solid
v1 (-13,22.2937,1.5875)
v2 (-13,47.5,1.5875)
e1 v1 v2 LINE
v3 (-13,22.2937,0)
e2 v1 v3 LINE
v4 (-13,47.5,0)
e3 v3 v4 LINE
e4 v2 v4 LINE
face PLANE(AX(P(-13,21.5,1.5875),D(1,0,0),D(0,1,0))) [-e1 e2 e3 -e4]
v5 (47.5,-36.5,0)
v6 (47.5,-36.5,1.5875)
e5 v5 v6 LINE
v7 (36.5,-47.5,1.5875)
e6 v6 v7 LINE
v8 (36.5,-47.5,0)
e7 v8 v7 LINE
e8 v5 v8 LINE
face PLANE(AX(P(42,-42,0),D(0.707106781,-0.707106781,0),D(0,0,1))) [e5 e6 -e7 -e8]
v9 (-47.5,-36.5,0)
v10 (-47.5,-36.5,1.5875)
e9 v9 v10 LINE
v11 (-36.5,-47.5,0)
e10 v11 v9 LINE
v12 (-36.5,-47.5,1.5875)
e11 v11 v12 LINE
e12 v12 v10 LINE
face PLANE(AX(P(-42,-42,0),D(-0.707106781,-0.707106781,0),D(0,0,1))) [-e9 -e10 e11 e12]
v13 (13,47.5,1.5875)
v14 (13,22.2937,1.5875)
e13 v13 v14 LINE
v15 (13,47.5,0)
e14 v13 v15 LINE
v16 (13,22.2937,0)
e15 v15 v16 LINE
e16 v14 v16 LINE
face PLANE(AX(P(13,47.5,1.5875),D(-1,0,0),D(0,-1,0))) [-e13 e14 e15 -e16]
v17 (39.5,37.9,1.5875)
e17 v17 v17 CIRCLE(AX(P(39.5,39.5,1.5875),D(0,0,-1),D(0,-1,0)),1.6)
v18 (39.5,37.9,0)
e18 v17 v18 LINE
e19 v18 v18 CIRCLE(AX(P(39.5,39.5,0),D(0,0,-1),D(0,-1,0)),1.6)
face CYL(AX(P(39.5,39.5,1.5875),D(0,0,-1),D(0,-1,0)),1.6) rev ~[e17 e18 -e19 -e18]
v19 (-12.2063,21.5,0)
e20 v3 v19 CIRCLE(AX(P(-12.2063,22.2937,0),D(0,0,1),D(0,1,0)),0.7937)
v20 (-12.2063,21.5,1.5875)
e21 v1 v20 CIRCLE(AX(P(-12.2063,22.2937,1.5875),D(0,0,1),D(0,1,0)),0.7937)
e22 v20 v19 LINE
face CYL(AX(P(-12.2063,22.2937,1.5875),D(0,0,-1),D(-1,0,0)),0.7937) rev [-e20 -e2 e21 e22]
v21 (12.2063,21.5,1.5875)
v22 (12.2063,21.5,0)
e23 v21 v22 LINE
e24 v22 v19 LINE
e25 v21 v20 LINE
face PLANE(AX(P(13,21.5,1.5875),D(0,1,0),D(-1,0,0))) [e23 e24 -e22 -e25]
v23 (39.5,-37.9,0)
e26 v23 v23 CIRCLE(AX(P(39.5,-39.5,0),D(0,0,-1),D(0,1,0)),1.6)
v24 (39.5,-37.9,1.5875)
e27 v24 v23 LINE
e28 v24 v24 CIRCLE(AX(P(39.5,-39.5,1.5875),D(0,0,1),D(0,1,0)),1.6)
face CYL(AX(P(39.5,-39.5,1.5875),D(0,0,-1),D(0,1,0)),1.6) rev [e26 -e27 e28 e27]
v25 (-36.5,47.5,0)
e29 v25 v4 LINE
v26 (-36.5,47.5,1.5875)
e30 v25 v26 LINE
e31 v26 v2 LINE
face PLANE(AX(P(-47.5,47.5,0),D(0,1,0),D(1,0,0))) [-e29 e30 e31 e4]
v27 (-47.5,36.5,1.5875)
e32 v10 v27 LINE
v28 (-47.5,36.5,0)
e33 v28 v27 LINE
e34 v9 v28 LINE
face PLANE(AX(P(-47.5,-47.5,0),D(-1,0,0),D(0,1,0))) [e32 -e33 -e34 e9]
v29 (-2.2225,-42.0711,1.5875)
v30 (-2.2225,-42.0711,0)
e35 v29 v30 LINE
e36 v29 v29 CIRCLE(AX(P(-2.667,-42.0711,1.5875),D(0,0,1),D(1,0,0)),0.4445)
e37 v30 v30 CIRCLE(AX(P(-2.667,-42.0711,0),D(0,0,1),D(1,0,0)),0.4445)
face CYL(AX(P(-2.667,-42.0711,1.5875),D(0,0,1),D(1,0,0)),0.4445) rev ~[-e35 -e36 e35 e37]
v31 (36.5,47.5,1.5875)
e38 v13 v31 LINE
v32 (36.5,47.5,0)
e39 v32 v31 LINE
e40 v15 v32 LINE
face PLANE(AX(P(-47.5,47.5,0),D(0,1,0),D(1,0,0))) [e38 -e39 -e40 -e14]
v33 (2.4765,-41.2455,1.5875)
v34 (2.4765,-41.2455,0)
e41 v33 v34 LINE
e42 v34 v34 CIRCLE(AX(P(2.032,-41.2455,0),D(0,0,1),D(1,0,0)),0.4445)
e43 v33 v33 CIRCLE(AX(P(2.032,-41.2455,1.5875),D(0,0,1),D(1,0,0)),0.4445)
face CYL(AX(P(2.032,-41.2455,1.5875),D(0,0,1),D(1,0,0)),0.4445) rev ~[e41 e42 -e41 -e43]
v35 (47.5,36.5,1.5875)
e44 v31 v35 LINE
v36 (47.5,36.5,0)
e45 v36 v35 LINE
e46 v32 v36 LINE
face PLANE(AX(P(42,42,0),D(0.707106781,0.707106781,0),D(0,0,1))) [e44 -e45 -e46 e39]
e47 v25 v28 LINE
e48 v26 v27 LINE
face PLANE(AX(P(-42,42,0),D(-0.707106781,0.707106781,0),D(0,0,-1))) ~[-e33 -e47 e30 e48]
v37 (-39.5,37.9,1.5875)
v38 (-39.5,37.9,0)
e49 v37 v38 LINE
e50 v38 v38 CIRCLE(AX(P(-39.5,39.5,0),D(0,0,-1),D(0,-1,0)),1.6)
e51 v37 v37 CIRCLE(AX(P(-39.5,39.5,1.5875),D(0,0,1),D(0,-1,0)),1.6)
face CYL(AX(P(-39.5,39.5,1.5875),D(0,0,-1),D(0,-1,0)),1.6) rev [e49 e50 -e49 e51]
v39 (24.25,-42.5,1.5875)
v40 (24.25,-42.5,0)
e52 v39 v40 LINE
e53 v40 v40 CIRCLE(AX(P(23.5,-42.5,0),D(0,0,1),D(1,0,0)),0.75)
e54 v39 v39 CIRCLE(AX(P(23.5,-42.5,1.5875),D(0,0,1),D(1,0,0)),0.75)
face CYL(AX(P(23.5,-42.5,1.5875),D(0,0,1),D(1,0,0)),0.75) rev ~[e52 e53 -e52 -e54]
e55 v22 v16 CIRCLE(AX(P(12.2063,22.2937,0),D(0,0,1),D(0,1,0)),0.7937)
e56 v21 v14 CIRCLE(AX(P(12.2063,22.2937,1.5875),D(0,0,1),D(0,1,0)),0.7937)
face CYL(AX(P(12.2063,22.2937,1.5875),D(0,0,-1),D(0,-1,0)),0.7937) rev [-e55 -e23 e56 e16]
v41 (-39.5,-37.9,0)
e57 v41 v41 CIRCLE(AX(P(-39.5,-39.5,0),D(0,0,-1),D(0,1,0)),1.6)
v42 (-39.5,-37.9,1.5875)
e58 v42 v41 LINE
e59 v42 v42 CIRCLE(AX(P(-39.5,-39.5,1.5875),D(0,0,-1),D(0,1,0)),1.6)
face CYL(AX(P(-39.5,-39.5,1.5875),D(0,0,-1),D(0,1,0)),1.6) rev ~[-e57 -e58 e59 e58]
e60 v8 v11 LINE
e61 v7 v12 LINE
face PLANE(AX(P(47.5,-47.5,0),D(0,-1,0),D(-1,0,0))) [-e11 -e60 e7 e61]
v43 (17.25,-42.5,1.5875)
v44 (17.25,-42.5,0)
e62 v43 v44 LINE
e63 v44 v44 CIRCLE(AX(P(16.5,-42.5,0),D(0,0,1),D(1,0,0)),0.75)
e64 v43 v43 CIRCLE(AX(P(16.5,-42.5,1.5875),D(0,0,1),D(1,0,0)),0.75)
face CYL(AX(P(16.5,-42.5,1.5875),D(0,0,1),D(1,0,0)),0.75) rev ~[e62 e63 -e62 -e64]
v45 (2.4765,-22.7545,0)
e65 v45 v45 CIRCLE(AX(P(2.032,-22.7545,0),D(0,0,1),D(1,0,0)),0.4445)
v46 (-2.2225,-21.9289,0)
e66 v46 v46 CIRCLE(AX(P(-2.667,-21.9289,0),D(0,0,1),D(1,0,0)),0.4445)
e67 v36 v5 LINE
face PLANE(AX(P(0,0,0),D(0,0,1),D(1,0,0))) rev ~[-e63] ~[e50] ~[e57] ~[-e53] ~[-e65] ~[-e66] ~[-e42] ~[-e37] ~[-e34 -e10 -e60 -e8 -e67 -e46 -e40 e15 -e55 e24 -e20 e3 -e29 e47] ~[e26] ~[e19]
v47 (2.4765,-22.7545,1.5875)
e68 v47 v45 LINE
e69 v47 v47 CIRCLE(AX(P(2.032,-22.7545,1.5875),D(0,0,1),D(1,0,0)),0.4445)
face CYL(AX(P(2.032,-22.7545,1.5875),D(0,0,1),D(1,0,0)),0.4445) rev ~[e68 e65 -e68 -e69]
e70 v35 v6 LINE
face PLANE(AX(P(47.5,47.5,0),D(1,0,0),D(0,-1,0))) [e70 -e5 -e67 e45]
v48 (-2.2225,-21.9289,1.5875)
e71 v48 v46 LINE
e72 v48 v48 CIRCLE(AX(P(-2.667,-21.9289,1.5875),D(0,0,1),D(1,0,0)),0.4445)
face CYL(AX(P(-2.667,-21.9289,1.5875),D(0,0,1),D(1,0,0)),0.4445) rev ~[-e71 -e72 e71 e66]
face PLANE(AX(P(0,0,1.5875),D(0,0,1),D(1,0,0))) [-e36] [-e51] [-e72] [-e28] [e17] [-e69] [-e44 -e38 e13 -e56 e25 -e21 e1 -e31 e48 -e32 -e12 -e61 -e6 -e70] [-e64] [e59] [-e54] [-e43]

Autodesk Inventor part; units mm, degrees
sketch "AL_spacer_contact_Zminus" plane through (0, 0, 0) normal (0, 0, 1) x (1, 0, 0)
  circle A0 centre (39.5, 39.5) radius 3.175
  circle A1 centre (39.5, -39.5) radius 3.175
  circle A2 centre (-39.5, -39.5) radius 3.175
  circle A3 centre (-39.5, 39.5) radius 3.175
  point P0 (0, 0)
  dimension "d228" = 39.5
  dimension "d229" = 39.5
  dimension "d230" = 39.5
  dimension "d231" = 39.5
  dimension "d232" = 39.5
  dimension "d233" = 39.5
  dimension "d234" = 39.5
  dimension "d235" = 39.5
  dimension "d236" = 6.35
sketch "Delrin_stayout_Zminus" plane through (0, 0, 0) normal (0, 0, 1) x (1, 0, 0)
  line L0 (47.5, 39.5) -> (47.5, 31)
  line L1 (47.5, 31) -> (39.5, 31)
  line L2 (39.5, 31) -> (31, 39.5)
  line L3 (31, 39.5) -> (31, 47.5)
  line L4 (31, 47.5) -> (39.5, 47.5)
  line L5 (39.5, 47.5) -> (47.5, 39.5)
  line L6 (-39.5, 47.5) -> (-47.5, 39.5)
  line L7 (-47.5, 39.5) -> (-47.5, 31)
  line L8 (-47.5, 31) -> (-39.5, 31)
  line L9 (-39.5, 31) -> (-31, 39.5)
  line L10 (-31, 39.5) -> (-31, 47.5)
  line L11 (-31, 47.5) -> (-39.5, 47.5)
  line L12 (47.5, -39.5) -> (39.5, -47.5)
  line L13 (39.5, -47.5) -> (31, -47.5)
  line L14 (31, -47.5) -> (31, -39.5)
  line L15 (31, -39.5) -> (39.5, -31)
  line L16 (39.5, -31) -> (47.5, -31)
  line L17 (47.5, -31) -> (47.5, -39.5)
  line L18 (-39.5, -47.5) -> (-47.5, -39.5)
  line L19 (-47.5, -39.5) -> (-47.5, -31)
  line L20 (-47.5, -31) -> (-39.5, -31)
  line L21 (-39.5, -31) -> (-31, -39.5)
  line L22 (-31, -39.5) -> (-31, -47.5)
  line L23 (-31, -47.5) -> (-39.5, -47.5)
  point P0 (0, 0)
  dimension "d243" = 16.5
  dimension "d244" = 8
  dimension "d245" = 8.5
  dimension "d246" = 16.5
  dimension "d247" = 47.5
  dimension "d248" = 47.5
  dimension "d249" = 47.5
  dimension "d250" = 47.5
  dimension "d251" = 47.5
  dimension "d252" = 47.5
  dimension "d253" = 47.5
  dimension "d254" = 47.5
sketch "Nub_stayout_Zminus" plane through (0, 0, 0) normal (0, 0, 1) x (1, 0, 0)
  line L0 (29, 47.5) -> (39.5, 47.5)
  line L1 (39.5, 47.5) -> (47.5, 39.5)
  line L2 (47.5, 39.5) -> (47.5, 29)
  line L3 (47.5, 29) -> (42, 29)
  line L4 (42, 29) -> (42, 40.4125)
  line L5 (40.4125, 42) -> (29, 42)
  line L6 (29, 42) -> (29, 47.5)
  arc A0 (42, 40.4125) -> (40.4125, 42) centre (40.4125, 40.4125) ccw
  line L7 (-29, 47.5) -> (-39.5, 47.5)
  line L8 (-39.5, 47.5) -> (-47.5, 39.5)
  line L9 (-47.5, 39.5) -> (-47.5, 29)
  line L10 (-47.5, 29) -> (-42, 29)
  line L11 (-42, 29) -> (-42, 40.4125)
  line L12 (-40.4125, 42) -> (-29, 42)
  line L13 (-29, 42) -> (-29, 47.5)
  arc A1 (-40.4125, 42) -> (-42, 40.4125) centre (-40.4125, 40.4125) ccw
  line L14 (-47.5, -29) -> (-42, -29)
  line L15 (-42, -29) -> (-42, -40.4125)
  line L16 (-40.4125, -42) -> (-29, -42)
  line L17 (-29, -42) -> (-29, -47.5)
  line L18 (-29, -47.5) -> (-39.5, -47.5)
  line L19 (-39.5, -47.5) -> (-47.5, -39.5)
  line L20 (-47.5, -39.5) -> (-47.5, -29)
  arc A2 (-42, -40.4125) -> (-40.4125, -42) centre (-40.4125, -40.4125) ccw
  line L21 (47.5, -29) -> (42, -29)
  line L22 (42, -29) -> (42, -40.4125)
  line L23 (40.4125, -42) -> (29, -42)
  line L24 (29, -42) -> (29, -47.5)
  line L25 (29, -47.5) -> (39.5, -47.5)
  line L26 (39.5, -47.5) -> (47.5, -39.5)
  line L27 (47.5, -39.5) -> (47.5, -29)
  arc A3 (40.4125, -42) -> (42, -40.4125) centre (40.4125, -40.4125) ccw
  point P0 (0, 0)
  dimension "d255" = 1.5875
  dimension "d256" = 18.5
  dimension "d257" = 8
  dimension "d258" = 5.5
  dimension "d259" = 47.5
  dimension "d260" = 47.5
  dimension "d264" = 1.5875
  dimension "d265" = 47.5
  dimension "d266" = 47.5
  dimension "d267" = 1.5875
  dimension "d268" = 47.5
  dimension "d269" = 47.5
  dimension "d270" = 1.5875
  dimension "d271" = 47.5
  dimension "d272" = 47.5
ref_plane "Zplus_face" through (0, 0, 1.5875) normal (0, 0, 1) x (1, 0, 0)
sketch "AL_spacer_contact_Zplus" plane through (0, 0, 1.5875) normal (0, 0, 1) x (1, 0, 0)
  circle A0 centre (-39.5, 39.5) radius 3.175
  circle A1 centre (-39.5, -39.5) radius 3.175
  circle A2 centre (39.5, -39.5) radius 3.175
  circle A3 centre (39.5, 39.5) radius 3.175
  point P0 (0, 0)
  dimension "d129" = 39.5
  dimension "d130" = 39.5
  dimension "d131" = 39.5
  dimension "d132" = 39.5
  dimension "d133" = 6.35
sketch "Delrin_stayout_Zplus" plane through (0, 0, 1.5875) normal (0, 0, 1) x (1, 0, 0)
  line L0 (47.5, -31) -> (47.5, -39.5)
  line L1 (47.5, -39.5) -> (39.5, -47.5)
  line L2 (39.5, -47.5) -> (31, -47.5)
  line L3 (31, -47.5) -> (31, -39.5)
  line L4 (31, -39.5) -> (39.5, -31)
  line L5 (39.5, -31) -> (47.5, -31)
  line L6 (47.5, 31) -> (47.5, 39.5)
  line L7 (47.5, 39.5) -> (39.5, 47.5)
  line L8 (39.5, 47.5) -> (31, 47.5)
  line L9 (31, 47.5) -> (31, 39.5)
  line L10 (31, 39.5) -> (39.5, 31)
  line L11 (39.5, 31) -> (47.5, 31)
  line L12 (-39.5, 47.5) -> (-47.5, 39.5)
  line L13 (-47.5, 39.5) -> (-47.5, 31)
  line L14 (-47.5, 31) -> (-39.5, 31)
  line L15 (-39.5, 31) -> (-31, 39.5)
  line L16 (-31, 39.5) -> (-31, 47.5)
  line L17 (-31, 47.5) -> (-39.5, 47.5)
  line L18 (-47.5, -39.5) -> (-39.5, -47.5)
  line L19 (-39.5, -47.5) -> (-31, -47.5)
  line L20 (-31, -47.5) -> (-31, -39.5)
  line L21 (-31, -39.5) -> (-39.5, -31)
  line L22 (-39.5, -31) -> (-47.5, -31)
  line L23 (-47.5, -31) -> (-47.5, -39.5)
  point P0 (0, 0)
  dimension "d115" = 16.5
  dimension "d116" = 16.5
  dimension "d117" = 8
  dimension "d118" = 8.5
  dimension "d121" = 47.5
  dimension "d122" = 47.5
  dimension "d123" = 47.5
  dimension "d124" = 47.5
  dimension "d125" = 47.5
  dimension "d126" = 47.5
  dimension "d127" = 47.5
  dimension "d128" = 47.5
sketch "Nub_stayout_Zplus" plane through (0, 0, 1.5875) normal (0, 0, 1) x (1, 0, 0)
  line L0 (47.5, 29) -> (42, 29)
  line L1 (42, 29) -> (42, 40.4125)
  line L2 (40.4125, 42) -> (29, 42)
  line L3 (29, 42) -> (29, 47.5)
  arc A0 (42, 40.4125) -> (40.4125, 42) centre (40.4125, 40.4125) ccw
  line L4 (29, 47.5) -> (39.5, 47.5)
  line L5 (39.5, 47.5) -> (47.5, 39.5)
  line L6 (47.5, 39.5) -> (47.5, 29)
  line L7 (-39.5, 47.5) -> (-29, 47.5)
  line L8 (-29, 47.5) -> (-29, 42)
  line L9 (-29, 42) -> (-40.4125, 42)
  line L10 (-42, 40.4125) -> (-42, 29)
  line L11 (-42, 29) -> (-47.5, 29)
  line L12 (-47.5, 29) -> (-47.5, 39.5)
  line L13 (-47.5, 39.5) -> (-39.5, 47.5)
  arc A1 (-40.4125, 42) -> (-42, 40.4125) centre (-40.4125, 40.4125) ccw
  line L14 (-47.5, -29) -> (-47.5, -39.5)
  line L15 (-47.5, -39.5) -> (-39.5, -47.5)
  line L16 (-39.5, -47.5) -> (-29, -47.5)
  line L17 (-29, -47.5) -> (-29, -42)
  line L18 (-29, -42) -> (-40.4125, -42)
  line L19 (-42, -40.4125) -> (-42, -29)
  line L20 (-42, -29) -> (-47.5, -29)
  arc A2 (-42, -40.4125) -> (-40.4125, -42) centre (-40.4125, -40.4125) ccw
  line L21 (29, -47.5) -> (39.5, -47.5)
  line L22 (39.5, -47.5) -> (47.5, -39.5)
  line L23 (47.5, -39.5) -> (47.5, -29)
  line L24 (47.5, -29) -> (42, -29)
  line L25 (42, -29) -> (42, -40.4125)
  line L26 (40.4125, -42) -> (29, -42)
  line L27 (29, -42) -> (29, -47.5)
  arc A3 (40.4125, -42) -> (42, -40.4125) centre (40.4125, -40.4125) ccw
  point P0 (0, 0)
  dimension "d146" = 1.5875
  dimension "d147" = 5.5
  dimension "d149" = 18.5
  dimension "d150" = 8
  dimension "d151" = 47.5
  dimension "d152" = 47.5
  dimension "d153" = 1.5875
  dimension "d154" = 47.5
  dimension "d155" = 47.5
  dimension "d156" = 1.5875
  dimension "d157" = 47.5
  dimension "d158" = 47.5
  dimension "d159" = 1.5875
  dimension "d160" = 47.5
  dimension "d161" = 47.5
sketch "Sketch1" plane through (0, 0, 0) normal (0, 0, 1) x (1, 0, 0)
  line L0 (-47.5, 47.5) -> (47.5, 47.5)
  line L1 (47.5, 47.5) -> (47.5, -47.5)
  line L2 (47.5, -47.5) -> (-47.5, -47.5)
  line L3 (-47.5, -47.5) -> (-47.5, 47.5)
  point P0 (0, 0)
  dimension "d0" = 95
  dimension "d1" = 95
  dimension "d2" = 47.5
  dimension "d3" = 47.5
extrude "Extrusion1" add sketch "Sketch1" along normal blind 1.5875
chamfer "Chamfer2" distance 11 angle 45 4 edges at (-47.5, -47.5, 0.7937) (47.5, -47.5, 0.7937) (47.5, 47.5, 0.7937) (-47.5, 47.5, 0.7937)
ref_plane "Work Plane_ConnX" through (-32, 0, 0) normal (1, 0, 0) x (0, 1, 0)
ref_plane "Work Plane_ConnY" through (0, 0, 0) normal (0, 1, 0) x (-1, 0, 0)
sketch "Sketch9" plane through (0, 0, 1.5875) normal (0, 0, 1) x (1, 0, 0)
  line L0 (47.5, 47.5) -> (47.5, -47.5) projected
  line L1 (58.5598, -32) -> (-58.5598, -32)
  circle A0 centre (-2.667, -21.9289) radius 0.4445
  circle A1 centre (-2.667, -42.0711) radius 0.4445
  line L2 (0, 26.5598) -> (0, -90.5598) construction
  point P0 (0, 0)
  point P1 (0, -32)
  dimension "d134" = 20.1422
  dimension "d136" = 2.667
  dimension "d138" = 0.889
  dimension "d141" = 180
  dimension "d350" = 32
  dimension "d351" = 0
extrude "Holes_Conn_Zminus" cut sketch "Sketch9" against normal through all
sketch "Sketch22" plane through (0, 0, 1.5875) normal (0, 0, 1) x (1, 0, 0)
  line L0 (47.5, 36.5) -> (47.5, -36.5) projected
  line L1 (0, -1.0026) -> (0, -62.9974) construction
  line L2 (62.8115, -32) -> (-62.8115, -32)
  circle A0 centre (2.032, -22.7545) radius 0.4445
  circle A1 centre (2.032, -41.2455) radius 0.4445
  point P0 (0, 0)
  point P1 (0, -32)
  dimension "d282" = 180
  dimension "d283" = 18.491
  dimension "d284" = 0.889
  dimension "d285" = 2.032
  dimension "d352" = 32
  dimension "d353" = 0
extrude "Holes_Conn_Zplus" cut sketch "Sketch22" against normal through all
hole "Hole5" at (39.5, 39.5, 1.5875) direction (0, 0, -1) diameter 3.2 end through all
mirror "Mirror5" about plane through (0, 0, 0) normal (1, 0, 0) of "Hole5"
mirror "Mirror6" about plane through (0, 0, 0) normal (0, 1, 0) of "Hole5", "Mirror5"
sketch "Sketch25" plane through (0, 0, 1.5875) normal (0, 0, 1) x (1, 0, 0)
  circle A0 centre (-39.5, -39.5) radius 1.6 projected
  circle A1 centre (39.5, -39.5) radius 1.6 projected
  circle A2 centre (-39.5, 39.5) radius 1.6 projected
  circle A3 centre (39.5, 39.5) radius 1.6 projected
  line L0 (36.5, -47.5) -> (-36.5, -47.5) projected
  line L1 (0, 0) -> (0, -59.2198)
  line L2 (8, -47.5) -> (8, -15.5)
  line L3 (8, -15.5) -> (-8, -15.5)
  line L4 (-8, -15.5) -> (-8, -47.5)
  line L5 (-8, -47.5) -> (-62.7516, -61.7336)
  line L6 (-62.7516, -61.7336) -> (-64.2933, 68.2222)
  line L7 (-64.2933, 68.2222) -> (58.3572, 62.5728)
  line L8 (58.3572, 62.5728) -> (56.5848, -69.017)
  line L9 (56.5848, -69.017) -> (8, -47.5)
  dimension "d362" = 16
  dimension "d363" = 32
extrude "Extrusion9" [suppressed]
sketch "Sketch26" plane through (0, 0, 1.5875) normal (0, 0, 1) x (1, 0, 0)
  line L0 (36.5, -47.5) -> (-36.5, -47.5) projected
  circle A0 centre (16.5, -42.5) radius 0.75
  circle A1 centre (23.5, -42.5) radius 0.75
  line L1 (20, -36.5) -> (20, -45.9188)
  point P0 (0, 0)
  point P1 (20, -42.5)
  dimension "d366" = 1.5
  dimension "d367" = 7
  dimension "d368" = 5
  dimension "d369" = 20
extrude "Extrusion10" cut sketch "Sketch26" against normal through all
sketch "Sketch28" plane through (0, 0, 1.5875) normal (0, 0, 1) x (1, 0, 0)
  line L0 (-36.5, 47.5) -> (36.5, 47.5) projected
  line L1 (0, 0) -> (0, 18.8917)
  line L2 (-13, 47.5) -> (13, 47.5)
  line L3 (13, 47.5) -> (13, 21.5)
  line L4 (13, 21.5) -> (-13, 21.5)
  line L5 (-13, 21.5) -> (-13, 47.5)
  dimension "d372" = 26
  dimension "d373" = 26
extrude "Extrusion11" cut sketch "Sketch28" against normal through all
fillet "Fillet3" radius 0.7937 2 edges at (-13, 21.5, 0.7937) (13, 21.5, 0.7937)
sketch "Sketch29" plane through (0, 0, 1.5875) normal (0, 0, 1) x (1, 0, 0)
  line L0 (36.5, -47.5) -> (-36.5, -47.5) projected
  circle A0 centre (-27.5, -43) radius 1.39
  circle A1 centre (27.5, -43) radius 1.39
  arc A2 (-26.11, -47.5) -> (-28.89, -47.5) centre (-27.5, -47.5) ccw
  arc A3 (28.89, -47.5) -> (26.11, -47.5) centre (27.5, -47.5) ccw
  line L1 (0, 0) -> (0, -8.2455)
  dimension "d377" = 2.78
  dimension "d379" = 4.5
  dimension "d380" = 55
extrude "Extrusion12" [suppressed]
sketch "Sketch30" plane through (0, 0, 1.5875) normal (0, 0, 1) x (1, 0, 0)
  line L0 (-47.5, -36.5) -> (-47.5, 36.5) projected
  circle A0 centre (-27.5, -43) radius 1.39 projected
  circle A1 centre (-47.5, 27.5) radius 1.39
  circle A2 centre (-47.5, -27.5) radius 1.39
  circle A3 centre (-43, -27.5) radius 1.39
  circle A4 centre (-43, 27.5) radius 1.39
  line L1 (0, 0) -> (-6.8618, 0)
  dimension "d383" = 4.5
  dimension "d384" = 55
extrude "Extrusion13" [suppressed]
sketch "Sketch31" plane through (0, 0, 1.5875) normal (0, 0, 1) x (1, 0, 0)
  line L0 (-47.5, -36.5) -> (-47.5, 36.5) projected
  line L1 (36.5, -47.5) -> (-36.5, -47.5) projected
  line L2 (47.5, 36.5) -> (47.5, -36.5) projected
  line L3 (13, 47.5) -> (36.5, 47.5) projected
  line L4 (-47.545, 47.455) -> (47.5, 47.5) construction
  line L5 (47.5, 47.5) -> (47.545, -47.455) construction
  line L6 (47.545, -47.455) -> (-47.5, -47.5) construction
  line L7 (-47.5, -47.5) -> (-47.545, 47.455) construction
  point P0 (0, 0)
decal "Decal1"
sketch "Sketch32" plane through (0, 0, 0) normal (0, 0, -1) x (-1, 0, 0)
  line L0 (-47.5, 36.5) -> (-47.5, -36.5) projected
  line L1 (-36.5, -47.5) -> (36.5, -47.5) projected
  line L2 (47.5, -36.5) -> (47.5, 36.5) projected
  line L3 (36.5, 47.5) -> (13, 47.5) projected
  line L4 (-47.545, 47.455) -> (47.5, 47.5) construction
  line L5 (47.5, 47.5) -> (47.545, -47.455) construction
  line L6 (47.545, -47.455) -> (-47.5, -47.5) construction
  line L7 (-47.5, -47.5) -> (-47.545, 47.455) construction
  point P0 (0, 0)
decal "Decal2"
properties part number "PCB_Batt1" material "FR4"
